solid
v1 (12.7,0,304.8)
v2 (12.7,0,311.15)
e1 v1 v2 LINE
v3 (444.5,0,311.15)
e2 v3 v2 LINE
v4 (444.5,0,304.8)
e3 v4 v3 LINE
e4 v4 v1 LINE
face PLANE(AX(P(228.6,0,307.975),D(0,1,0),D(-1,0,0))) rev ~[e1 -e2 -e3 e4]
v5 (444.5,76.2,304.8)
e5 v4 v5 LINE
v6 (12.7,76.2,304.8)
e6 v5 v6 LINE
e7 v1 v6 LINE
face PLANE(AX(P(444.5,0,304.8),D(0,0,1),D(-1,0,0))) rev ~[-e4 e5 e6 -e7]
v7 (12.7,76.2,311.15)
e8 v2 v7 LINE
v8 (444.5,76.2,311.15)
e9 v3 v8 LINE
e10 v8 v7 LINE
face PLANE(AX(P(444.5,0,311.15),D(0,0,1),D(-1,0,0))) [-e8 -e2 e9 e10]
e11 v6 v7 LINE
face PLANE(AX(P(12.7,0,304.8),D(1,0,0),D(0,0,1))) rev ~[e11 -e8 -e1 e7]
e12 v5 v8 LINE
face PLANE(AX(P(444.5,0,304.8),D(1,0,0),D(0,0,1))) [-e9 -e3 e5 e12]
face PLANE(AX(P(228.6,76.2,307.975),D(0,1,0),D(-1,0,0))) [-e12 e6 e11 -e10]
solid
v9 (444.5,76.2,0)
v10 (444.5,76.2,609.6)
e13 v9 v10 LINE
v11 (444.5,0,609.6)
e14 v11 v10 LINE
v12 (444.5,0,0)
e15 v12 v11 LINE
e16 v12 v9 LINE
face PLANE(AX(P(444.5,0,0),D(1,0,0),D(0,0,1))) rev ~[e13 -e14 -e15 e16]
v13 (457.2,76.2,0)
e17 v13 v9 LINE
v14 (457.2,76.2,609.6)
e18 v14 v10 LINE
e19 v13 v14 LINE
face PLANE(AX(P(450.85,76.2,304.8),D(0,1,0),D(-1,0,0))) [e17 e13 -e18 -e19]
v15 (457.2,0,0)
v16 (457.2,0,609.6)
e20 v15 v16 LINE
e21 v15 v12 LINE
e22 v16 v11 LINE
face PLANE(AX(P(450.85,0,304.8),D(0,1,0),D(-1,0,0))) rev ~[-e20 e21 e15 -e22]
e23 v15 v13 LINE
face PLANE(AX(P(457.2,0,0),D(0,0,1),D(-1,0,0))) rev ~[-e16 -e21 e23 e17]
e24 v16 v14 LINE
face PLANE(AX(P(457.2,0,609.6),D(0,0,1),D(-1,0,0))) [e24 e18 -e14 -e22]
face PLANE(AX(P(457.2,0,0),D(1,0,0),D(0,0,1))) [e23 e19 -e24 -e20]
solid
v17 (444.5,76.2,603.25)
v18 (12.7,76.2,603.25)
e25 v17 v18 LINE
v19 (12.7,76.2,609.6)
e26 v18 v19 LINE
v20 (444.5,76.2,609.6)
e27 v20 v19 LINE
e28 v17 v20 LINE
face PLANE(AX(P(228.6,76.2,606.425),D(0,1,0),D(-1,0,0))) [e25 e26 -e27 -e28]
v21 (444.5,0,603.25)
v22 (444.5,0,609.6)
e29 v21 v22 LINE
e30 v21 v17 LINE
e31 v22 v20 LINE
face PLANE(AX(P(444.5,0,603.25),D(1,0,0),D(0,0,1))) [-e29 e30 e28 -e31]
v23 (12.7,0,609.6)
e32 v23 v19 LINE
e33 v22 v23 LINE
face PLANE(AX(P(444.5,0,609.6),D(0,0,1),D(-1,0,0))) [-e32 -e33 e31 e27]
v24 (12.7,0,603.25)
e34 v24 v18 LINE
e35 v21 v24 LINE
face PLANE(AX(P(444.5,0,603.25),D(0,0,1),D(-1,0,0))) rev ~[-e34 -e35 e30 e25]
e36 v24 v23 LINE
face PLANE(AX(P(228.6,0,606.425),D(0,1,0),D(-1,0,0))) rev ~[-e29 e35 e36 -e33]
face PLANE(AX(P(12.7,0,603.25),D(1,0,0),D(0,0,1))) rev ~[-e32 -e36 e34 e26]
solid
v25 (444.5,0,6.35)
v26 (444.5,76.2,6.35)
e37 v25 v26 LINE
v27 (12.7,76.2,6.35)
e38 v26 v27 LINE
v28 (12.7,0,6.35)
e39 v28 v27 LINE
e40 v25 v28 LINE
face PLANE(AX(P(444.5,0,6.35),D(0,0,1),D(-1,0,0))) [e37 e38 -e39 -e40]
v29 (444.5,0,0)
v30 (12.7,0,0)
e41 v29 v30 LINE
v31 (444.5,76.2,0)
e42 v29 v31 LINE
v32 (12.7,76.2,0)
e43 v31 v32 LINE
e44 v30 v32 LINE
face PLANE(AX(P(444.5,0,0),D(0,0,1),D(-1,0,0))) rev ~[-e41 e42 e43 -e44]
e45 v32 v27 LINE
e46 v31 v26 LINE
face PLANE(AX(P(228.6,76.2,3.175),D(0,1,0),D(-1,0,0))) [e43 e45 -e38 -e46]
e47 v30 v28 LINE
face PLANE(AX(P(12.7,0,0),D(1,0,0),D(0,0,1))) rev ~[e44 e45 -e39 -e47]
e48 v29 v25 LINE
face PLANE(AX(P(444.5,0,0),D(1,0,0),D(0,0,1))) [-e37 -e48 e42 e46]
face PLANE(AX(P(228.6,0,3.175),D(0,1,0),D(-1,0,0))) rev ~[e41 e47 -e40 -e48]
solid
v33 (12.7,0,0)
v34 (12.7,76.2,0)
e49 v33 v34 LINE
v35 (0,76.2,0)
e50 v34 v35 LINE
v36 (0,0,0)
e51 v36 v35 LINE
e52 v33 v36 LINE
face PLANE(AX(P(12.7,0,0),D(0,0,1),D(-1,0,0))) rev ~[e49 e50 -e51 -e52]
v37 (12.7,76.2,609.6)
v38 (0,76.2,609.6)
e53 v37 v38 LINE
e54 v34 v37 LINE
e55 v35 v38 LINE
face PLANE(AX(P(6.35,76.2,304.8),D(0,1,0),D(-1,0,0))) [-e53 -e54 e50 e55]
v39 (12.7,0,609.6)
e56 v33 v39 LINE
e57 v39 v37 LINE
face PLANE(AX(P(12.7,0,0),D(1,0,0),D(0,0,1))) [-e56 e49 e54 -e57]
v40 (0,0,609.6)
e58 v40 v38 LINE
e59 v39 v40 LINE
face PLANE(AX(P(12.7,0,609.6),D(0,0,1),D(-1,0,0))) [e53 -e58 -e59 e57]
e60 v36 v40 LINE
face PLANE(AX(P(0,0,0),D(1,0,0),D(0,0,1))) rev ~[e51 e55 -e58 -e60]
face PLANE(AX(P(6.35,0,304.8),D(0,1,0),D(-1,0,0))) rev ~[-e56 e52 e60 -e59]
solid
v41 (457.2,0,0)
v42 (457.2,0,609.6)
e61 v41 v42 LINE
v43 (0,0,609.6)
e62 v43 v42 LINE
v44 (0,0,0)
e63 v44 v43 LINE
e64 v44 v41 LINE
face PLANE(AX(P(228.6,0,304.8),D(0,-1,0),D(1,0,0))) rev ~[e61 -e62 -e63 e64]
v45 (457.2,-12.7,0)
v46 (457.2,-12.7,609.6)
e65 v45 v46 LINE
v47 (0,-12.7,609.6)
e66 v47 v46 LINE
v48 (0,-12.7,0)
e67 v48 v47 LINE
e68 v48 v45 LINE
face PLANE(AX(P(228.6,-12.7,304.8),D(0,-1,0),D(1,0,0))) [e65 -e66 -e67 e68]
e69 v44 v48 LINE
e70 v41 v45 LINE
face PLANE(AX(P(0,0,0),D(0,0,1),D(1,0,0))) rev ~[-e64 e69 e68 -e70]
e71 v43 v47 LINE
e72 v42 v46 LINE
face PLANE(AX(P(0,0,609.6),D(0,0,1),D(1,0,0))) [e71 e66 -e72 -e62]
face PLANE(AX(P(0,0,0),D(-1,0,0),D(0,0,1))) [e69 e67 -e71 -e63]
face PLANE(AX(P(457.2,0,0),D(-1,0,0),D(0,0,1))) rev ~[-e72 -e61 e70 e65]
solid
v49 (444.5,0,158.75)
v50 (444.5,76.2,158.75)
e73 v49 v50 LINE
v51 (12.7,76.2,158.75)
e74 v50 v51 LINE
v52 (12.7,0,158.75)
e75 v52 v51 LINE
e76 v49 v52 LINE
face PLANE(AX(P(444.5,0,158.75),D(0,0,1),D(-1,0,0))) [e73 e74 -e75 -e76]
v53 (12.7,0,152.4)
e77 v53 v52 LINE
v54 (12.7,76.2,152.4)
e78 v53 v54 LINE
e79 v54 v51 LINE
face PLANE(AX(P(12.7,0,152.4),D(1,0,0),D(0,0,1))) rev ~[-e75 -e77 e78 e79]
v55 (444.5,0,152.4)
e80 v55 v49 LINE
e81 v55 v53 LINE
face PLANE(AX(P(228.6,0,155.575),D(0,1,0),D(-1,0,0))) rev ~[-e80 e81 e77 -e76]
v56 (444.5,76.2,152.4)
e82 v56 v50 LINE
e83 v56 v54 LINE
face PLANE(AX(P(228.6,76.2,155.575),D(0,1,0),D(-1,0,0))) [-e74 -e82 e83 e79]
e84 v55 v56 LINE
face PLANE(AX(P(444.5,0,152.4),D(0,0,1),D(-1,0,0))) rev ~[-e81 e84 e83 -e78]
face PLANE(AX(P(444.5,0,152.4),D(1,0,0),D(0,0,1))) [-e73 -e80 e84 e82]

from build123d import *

# Parameters (mm, degrees)
F0_W     = 457.2
F0_H     = 609.6
F1_DEPTH = 12.7
F2_W     = 12.7
F2_H     = 609.6
F3_DEPTH = 76.2
F4_W     = 431.8
F4_H     = 6.35
F5_DEPTH = 76.2


with BuildPart() as f1:
    # F0 (on Front) → F1 (new body)
    with BuildSketch(Plane.XZ):
        with Locations((228.6, 304.8)):
            Rectangle(F0_W, F0_H)
    extrude(amount=F1_DEPTH)


with BuildPart() as f3:
    # F2 (on face) → F3 (new body)
    with BuildSketch(Plane(origin=(0, 0, 0), x_dir=(-1, 0, 0), z_dir=(0, 1, 0))):
        with Locations((-6.35, 304.8)):
            Rectangle(F2_W, F2_H)
        with Locations((-450.85, 304.8)):
            Rectangle(F2_W, F2_H)
    extrude(amount=F3_DEPTH)


with BuildPart() as f5:
    # F4 (on face) → F5 (new body)
    with BuildSketch(Plane(origin=(0, 0, 0), x_dir=(-1, 0, 0), z_dir=(0, 1, 0))):
        with Locations((-228.6, 3.175)):
            Rectangle(F4_W, F4_H)
        with Locations((-228.6, 606.425)):
            Rectangle(F4_W, F4_H)
        with Locations((-228.6, 155.575)):
            Rectangle(F4_W, F4_H)
        with Locations((-228.6, 307.975)):
            Rectangle(F4_W, F4_H)
    extrude(amount=F5_DEPTH)


solid = Compound([f1.part, f3.part, f5.part])
